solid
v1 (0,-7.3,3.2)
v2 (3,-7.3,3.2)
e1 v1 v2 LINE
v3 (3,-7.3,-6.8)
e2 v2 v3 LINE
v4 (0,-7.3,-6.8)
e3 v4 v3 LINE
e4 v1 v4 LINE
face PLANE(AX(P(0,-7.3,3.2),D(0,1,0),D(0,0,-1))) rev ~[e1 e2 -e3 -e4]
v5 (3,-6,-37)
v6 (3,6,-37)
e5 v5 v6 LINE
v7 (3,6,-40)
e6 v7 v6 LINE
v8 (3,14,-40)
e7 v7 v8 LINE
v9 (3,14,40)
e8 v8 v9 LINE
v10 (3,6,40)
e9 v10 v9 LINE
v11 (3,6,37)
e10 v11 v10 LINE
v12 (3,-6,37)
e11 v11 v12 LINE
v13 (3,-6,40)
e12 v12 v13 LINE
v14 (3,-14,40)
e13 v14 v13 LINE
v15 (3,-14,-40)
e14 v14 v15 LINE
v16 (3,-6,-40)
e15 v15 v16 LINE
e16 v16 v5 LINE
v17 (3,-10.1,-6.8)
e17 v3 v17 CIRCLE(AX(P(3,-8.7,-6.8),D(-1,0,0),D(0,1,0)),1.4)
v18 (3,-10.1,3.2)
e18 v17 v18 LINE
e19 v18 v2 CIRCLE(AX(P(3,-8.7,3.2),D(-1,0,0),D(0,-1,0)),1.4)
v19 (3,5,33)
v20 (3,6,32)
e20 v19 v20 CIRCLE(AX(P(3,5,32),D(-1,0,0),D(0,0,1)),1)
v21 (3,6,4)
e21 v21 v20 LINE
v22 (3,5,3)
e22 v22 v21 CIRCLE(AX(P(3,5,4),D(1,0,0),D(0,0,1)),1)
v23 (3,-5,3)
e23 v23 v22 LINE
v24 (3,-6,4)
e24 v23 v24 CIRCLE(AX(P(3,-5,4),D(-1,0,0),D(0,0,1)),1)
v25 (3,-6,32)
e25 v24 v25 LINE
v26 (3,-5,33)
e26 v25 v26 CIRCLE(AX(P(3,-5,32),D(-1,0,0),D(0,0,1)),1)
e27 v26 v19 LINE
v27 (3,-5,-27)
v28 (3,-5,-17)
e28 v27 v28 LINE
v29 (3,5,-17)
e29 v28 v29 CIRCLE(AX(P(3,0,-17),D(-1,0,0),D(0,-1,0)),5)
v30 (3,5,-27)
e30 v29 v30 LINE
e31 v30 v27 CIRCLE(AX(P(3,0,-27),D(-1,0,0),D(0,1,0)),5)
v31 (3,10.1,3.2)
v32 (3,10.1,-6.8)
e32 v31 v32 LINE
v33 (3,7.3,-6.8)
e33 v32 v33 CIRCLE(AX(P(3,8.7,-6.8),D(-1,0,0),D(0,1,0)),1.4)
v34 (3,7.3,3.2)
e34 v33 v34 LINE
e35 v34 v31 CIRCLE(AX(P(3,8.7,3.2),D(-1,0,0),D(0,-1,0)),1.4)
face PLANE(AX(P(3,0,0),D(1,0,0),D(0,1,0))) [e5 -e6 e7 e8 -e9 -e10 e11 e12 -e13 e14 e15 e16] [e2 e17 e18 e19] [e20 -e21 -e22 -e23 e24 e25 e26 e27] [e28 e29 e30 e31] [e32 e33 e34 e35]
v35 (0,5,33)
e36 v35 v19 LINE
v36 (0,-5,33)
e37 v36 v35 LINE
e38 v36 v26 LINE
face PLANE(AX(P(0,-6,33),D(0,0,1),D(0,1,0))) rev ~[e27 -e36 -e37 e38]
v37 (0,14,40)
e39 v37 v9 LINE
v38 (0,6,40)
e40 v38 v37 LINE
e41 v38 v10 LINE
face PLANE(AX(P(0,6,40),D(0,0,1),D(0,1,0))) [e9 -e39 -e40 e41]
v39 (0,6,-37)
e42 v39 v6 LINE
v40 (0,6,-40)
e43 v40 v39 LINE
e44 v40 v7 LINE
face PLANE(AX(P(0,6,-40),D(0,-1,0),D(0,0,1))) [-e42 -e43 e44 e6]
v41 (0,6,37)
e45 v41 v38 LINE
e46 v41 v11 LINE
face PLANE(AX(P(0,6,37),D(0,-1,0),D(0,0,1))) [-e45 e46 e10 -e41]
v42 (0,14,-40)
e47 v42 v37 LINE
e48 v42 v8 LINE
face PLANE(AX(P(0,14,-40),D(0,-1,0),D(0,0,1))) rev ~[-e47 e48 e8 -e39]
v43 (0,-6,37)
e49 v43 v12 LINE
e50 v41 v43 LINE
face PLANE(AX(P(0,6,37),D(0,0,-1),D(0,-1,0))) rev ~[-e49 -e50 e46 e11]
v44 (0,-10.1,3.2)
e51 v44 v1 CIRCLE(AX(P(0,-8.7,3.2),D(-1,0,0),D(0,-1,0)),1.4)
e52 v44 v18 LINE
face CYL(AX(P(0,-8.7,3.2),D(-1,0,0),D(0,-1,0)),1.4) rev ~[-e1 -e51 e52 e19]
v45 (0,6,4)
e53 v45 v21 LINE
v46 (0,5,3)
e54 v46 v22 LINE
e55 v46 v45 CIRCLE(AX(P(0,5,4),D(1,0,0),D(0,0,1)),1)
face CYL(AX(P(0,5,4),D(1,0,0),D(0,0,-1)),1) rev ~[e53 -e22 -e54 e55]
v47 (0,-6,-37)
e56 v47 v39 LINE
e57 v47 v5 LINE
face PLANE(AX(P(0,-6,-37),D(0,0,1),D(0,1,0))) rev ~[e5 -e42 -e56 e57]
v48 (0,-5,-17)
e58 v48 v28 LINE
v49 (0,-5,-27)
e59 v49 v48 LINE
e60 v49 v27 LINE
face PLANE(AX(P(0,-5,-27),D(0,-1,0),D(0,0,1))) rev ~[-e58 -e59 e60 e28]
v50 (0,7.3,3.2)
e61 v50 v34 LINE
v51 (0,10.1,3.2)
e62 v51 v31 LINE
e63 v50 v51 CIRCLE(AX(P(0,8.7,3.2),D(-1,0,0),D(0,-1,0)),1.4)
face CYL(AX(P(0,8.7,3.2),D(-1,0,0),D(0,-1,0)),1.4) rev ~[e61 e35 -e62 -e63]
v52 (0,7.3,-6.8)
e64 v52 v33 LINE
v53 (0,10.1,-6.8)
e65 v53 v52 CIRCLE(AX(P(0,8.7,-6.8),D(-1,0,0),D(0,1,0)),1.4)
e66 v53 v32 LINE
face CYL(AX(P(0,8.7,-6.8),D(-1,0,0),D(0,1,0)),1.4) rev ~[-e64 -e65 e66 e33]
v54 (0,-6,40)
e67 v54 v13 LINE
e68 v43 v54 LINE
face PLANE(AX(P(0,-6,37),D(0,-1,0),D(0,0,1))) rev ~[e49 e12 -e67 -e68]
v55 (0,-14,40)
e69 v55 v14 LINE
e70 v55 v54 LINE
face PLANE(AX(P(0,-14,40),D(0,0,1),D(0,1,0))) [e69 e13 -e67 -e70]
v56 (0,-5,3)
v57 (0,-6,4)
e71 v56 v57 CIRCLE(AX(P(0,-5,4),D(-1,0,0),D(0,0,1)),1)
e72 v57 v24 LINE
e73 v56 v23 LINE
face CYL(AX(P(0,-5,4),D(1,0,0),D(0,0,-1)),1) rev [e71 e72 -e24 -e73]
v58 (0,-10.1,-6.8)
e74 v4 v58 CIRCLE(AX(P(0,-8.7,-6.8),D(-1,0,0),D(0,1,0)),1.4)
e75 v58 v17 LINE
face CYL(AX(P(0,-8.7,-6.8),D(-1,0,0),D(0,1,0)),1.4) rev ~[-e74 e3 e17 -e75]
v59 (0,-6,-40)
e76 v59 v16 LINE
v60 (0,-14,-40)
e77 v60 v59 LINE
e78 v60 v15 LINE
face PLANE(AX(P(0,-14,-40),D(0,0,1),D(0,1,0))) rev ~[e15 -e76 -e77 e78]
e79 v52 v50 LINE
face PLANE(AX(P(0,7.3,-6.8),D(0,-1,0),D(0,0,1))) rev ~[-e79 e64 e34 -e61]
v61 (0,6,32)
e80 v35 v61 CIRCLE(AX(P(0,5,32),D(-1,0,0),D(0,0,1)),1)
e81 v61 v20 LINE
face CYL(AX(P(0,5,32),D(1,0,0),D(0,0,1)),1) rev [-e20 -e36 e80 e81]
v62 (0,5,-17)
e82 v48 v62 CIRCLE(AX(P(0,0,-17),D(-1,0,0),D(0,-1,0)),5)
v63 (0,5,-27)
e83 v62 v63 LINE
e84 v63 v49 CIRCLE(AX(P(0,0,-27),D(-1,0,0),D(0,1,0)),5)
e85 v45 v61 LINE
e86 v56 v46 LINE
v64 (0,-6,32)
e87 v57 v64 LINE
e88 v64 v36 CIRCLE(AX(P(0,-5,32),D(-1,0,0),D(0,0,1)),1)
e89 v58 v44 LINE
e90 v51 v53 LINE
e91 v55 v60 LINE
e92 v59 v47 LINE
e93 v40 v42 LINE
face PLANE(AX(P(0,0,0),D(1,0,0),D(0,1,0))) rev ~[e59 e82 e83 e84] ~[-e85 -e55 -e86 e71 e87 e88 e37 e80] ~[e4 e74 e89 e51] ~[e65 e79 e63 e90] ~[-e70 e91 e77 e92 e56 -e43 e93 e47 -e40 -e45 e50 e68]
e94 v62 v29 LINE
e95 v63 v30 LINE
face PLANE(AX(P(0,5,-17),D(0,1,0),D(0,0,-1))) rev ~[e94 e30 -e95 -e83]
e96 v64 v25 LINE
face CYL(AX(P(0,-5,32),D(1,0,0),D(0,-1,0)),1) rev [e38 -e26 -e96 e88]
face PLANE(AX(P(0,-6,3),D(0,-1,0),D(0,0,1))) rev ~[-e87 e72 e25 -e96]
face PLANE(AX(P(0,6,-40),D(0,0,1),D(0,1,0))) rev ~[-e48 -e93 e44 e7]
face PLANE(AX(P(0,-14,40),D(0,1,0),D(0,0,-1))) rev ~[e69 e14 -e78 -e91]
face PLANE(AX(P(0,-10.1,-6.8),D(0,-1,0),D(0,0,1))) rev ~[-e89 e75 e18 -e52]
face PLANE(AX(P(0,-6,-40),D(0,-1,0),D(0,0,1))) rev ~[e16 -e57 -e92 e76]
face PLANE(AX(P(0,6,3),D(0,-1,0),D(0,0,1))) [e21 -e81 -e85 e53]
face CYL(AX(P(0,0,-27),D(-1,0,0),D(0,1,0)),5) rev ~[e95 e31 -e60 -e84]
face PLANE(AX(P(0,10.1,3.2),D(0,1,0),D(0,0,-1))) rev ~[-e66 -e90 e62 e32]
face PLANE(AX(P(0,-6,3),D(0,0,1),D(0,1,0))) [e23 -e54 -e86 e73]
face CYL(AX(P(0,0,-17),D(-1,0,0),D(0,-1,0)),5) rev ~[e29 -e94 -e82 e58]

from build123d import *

# Parameters (mm, degrees)
F0_W     = 12
F0_H     = 30
F0_W_2   = 8
F0_H_2   = 3
F1_DEPTH = 3
F2_R     = 1


with BuildPart() as f1:
    # F0 (on Right) → F1 (new body)
    with BuildSketch(Plane.YZ):
        Polygon((14, -37), (14, 37), (6, 37), (-6, 37), (-14, 37), (-14, -37), (-6, -37), (6, -37), align=None)
        with BuildLine():
            Line((-10.1, -6.8), (-10.1, 3.2))
            ThreePointArc((-10.1, 3.2), (-8.7, 4.6), (-7.3, 3.2))
            Line((-7.3, 3.2), (-7.3, -6.8))
            ThreePointArc((-7.3, -6.8), (-8.7, -8.2), (-10.1, -6.8))
        make_face(mode=Mode.SUBTRACT)
        with BuildLine():
            ThreePointArc((-5, -17), (0, -12), (5, -17))
            Line((5, -17), (5, -27))
            ThreePointArc((5, -27), (0, -32), (-5, -27))
            Line((-5, -27), (-5, -17))
        make_face(mode=Mode.SUBTRACT)
        with BuildLine():
            ThreePointArc((7.3, 3.2), (8.7, 4.6), (10.1, 3.2))
            Line((10.1, 3.2), (10.1, -6.8))
            ThreePointArc((10.1, -6.8), (8.7, -8.2), (7.3, -6.8))
            Line((7.3, -6.8), (7.3, 3.2))
        make_face(mode=Mode.SUBTRACT)
        with Locations((0, 18)):
            Rectangle(F0_W, F0_H, mode=Mode.SUBTRACT)
        with Locations((10, 38.5)):
            Rectangle(F0_W_2, F0_H_2)
        with Locations((10, -38.5)):
            Rectangle(F0_W_2, F0_H_2)
        with Locations((-10, 38.5)):
            Rectangle(F0_W_2, F0_H_2)
        with Locations((-10, -38.5)):
            Rectangle(F0_W_2, F0_H_2)
    extrude(amount=F1_DEPTH)

    # F2
    f2_edges = [f1.edges().sort_by_distance(p)[0] for p in [
        (1.5, 6, 33),
        (1.5, -6, 33),
        (1.5, -6, 3),
        (1.5, 6, 3),
    ]]
    fillet(f2_edges, radius=F2_R)


solid = f1.part
